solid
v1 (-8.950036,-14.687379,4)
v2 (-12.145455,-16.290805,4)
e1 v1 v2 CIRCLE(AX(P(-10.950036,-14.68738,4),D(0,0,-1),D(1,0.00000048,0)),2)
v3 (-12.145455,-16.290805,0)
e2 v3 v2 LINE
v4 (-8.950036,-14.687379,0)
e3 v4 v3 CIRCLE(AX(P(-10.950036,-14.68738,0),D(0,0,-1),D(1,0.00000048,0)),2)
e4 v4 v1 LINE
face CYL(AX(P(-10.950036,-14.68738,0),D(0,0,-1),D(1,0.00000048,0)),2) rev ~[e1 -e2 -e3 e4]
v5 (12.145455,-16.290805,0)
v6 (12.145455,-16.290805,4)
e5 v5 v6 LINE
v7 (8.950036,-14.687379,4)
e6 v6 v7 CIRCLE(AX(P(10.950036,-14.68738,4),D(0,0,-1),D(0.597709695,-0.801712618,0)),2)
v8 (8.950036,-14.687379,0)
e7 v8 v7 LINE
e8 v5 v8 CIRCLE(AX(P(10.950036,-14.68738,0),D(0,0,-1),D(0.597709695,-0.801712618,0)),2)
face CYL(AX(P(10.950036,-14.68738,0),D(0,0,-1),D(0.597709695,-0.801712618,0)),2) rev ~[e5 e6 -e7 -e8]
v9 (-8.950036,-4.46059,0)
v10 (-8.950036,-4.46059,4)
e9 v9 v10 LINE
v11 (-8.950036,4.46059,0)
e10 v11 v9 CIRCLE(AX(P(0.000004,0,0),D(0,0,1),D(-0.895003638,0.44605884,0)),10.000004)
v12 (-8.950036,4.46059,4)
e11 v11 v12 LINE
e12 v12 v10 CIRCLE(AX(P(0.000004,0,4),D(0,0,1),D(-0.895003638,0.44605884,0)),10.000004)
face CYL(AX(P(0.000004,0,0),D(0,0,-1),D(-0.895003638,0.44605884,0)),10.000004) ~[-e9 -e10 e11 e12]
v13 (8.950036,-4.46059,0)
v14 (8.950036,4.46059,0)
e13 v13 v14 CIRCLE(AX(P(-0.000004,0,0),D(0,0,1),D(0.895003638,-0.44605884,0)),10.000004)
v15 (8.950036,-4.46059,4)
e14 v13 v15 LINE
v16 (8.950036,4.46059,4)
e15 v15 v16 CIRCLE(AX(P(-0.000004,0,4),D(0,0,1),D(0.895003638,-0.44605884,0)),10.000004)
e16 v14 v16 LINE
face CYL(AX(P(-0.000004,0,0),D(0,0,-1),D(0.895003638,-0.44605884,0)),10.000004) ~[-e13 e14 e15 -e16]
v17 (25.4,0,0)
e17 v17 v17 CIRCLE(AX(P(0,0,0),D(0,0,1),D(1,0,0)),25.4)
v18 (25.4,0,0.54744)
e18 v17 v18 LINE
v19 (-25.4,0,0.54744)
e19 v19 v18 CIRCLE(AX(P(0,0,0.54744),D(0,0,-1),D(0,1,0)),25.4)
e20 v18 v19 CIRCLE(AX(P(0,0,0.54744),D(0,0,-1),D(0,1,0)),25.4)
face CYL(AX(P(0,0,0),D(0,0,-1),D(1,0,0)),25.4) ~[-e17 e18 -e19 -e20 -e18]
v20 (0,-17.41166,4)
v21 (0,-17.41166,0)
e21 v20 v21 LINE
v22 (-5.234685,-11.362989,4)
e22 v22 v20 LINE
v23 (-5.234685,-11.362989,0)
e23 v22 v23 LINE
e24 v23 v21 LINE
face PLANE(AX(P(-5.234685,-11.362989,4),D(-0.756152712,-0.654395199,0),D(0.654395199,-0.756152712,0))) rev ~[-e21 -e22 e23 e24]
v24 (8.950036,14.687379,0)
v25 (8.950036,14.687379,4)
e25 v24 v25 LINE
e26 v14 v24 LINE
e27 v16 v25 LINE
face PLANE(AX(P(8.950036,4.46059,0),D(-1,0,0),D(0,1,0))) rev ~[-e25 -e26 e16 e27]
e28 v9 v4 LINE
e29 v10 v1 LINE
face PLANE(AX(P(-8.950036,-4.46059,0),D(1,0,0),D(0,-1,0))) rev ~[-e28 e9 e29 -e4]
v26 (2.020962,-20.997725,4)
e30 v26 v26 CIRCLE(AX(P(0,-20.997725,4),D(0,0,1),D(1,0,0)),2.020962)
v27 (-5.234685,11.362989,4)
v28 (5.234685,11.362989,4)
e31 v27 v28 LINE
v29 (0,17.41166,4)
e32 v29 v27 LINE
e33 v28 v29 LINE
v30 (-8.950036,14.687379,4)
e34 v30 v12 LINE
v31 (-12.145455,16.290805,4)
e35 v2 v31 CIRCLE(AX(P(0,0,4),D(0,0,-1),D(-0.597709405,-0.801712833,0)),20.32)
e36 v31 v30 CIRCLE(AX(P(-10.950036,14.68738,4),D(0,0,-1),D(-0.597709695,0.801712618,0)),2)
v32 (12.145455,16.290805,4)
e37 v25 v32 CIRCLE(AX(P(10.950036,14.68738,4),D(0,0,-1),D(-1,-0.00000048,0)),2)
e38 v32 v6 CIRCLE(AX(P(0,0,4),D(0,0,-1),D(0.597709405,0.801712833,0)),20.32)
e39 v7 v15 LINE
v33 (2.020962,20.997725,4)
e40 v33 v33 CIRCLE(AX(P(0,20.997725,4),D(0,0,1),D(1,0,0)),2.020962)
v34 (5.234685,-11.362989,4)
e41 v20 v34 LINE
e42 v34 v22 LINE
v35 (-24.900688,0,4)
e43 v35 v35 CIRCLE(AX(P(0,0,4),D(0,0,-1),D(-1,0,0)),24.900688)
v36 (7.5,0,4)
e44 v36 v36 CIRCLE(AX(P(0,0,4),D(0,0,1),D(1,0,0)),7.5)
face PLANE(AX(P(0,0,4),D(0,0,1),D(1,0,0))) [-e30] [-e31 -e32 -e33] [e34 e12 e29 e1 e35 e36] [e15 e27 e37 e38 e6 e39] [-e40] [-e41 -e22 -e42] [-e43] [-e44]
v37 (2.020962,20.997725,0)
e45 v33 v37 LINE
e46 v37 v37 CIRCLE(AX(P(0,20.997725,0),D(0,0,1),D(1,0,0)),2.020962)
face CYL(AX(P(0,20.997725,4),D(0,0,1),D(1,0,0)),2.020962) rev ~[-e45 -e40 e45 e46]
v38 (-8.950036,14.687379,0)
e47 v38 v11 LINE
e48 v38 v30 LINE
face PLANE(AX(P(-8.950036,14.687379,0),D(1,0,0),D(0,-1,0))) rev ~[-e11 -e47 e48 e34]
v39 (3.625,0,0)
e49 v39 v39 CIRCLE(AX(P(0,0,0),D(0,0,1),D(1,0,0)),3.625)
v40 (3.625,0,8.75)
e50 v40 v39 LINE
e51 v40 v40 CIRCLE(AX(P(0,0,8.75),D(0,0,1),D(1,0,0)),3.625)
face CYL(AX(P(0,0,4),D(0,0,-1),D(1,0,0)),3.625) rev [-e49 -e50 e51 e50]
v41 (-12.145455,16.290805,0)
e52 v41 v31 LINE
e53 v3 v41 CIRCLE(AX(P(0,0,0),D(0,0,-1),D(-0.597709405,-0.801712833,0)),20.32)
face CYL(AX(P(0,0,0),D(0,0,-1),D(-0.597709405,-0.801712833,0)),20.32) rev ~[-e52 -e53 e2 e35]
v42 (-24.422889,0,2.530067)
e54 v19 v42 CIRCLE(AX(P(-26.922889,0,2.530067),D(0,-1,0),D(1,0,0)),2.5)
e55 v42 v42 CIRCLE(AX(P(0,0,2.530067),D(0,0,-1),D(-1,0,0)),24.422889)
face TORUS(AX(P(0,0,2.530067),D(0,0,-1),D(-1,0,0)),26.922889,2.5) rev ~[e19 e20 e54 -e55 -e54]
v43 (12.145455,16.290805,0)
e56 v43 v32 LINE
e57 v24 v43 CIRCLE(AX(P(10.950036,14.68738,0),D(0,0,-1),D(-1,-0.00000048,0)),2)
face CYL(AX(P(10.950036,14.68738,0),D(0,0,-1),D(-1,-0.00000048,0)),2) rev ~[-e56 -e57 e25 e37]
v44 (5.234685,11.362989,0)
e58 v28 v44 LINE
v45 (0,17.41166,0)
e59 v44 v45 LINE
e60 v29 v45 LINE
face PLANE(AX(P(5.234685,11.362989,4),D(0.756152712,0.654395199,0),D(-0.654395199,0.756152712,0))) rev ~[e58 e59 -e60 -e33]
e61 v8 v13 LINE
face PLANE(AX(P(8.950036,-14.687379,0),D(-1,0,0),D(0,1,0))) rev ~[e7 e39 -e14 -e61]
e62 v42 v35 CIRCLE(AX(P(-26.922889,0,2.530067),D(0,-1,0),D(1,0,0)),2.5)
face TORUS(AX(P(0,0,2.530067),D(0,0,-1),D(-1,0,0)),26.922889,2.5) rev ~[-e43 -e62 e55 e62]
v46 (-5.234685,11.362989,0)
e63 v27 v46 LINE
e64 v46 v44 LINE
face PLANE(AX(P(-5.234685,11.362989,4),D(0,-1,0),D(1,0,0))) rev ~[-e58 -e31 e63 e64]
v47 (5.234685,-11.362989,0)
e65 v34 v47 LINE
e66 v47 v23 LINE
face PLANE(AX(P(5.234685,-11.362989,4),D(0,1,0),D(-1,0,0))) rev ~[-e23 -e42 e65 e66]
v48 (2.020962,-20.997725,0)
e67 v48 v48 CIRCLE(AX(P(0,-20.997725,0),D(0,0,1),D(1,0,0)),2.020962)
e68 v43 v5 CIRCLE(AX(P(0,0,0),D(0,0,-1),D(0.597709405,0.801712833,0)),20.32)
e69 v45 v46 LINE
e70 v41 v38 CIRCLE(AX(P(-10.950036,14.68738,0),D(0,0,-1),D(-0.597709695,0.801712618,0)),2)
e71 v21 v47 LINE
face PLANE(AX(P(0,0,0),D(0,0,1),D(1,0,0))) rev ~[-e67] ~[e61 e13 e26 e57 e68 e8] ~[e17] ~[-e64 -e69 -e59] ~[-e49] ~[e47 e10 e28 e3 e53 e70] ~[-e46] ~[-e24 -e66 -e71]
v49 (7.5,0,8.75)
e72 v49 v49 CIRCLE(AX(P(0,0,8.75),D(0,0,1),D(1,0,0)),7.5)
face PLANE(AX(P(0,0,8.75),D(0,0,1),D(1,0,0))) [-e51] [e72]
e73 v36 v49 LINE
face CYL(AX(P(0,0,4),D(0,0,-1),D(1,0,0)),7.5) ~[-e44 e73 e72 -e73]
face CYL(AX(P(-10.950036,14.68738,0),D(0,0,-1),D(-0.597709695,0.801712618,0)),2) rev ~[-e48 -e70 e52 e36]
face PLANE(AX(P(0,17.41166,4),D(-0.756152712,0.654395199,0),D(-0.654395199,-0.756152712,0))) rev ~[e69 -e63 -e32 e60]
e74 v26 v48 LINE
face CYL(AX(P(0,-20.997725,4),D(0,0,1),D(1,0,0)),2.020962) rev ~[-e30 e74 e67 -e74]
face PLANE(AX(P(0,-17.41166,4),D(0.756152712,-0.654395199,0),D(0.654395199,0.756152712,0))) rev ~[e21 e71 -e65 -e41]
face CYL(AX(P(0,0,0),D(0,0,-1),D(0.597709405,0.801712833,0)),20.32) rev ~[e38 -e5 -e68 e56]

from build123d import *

# Parameters (mm, degrees)
F0_R     = 25.4
F0_R_2   = 3.625
F1_DEPTH = 4
F2_R     = 7.5
F2_R_2   = 3.625
F3_DEPTH = 4.75
F4_R     = 2.020962
F5_DEPTH = 4.001
F6_R     = 2.5


with BuildPart() as f1:
    # F0 (on Top) → F1 (new body)
    with BuildSketch(Plane.XY):
        Circle(F0_R)
        with BuildLine():
            Line((-8.950036, 14.687379), (-8.950036, 4.46059))
            ThreePointArc((-8.950036, 4.46059), (-10, 0), (-8.950036, -4.46059))
            Line((-8.950036, -4.46059), (-8.950036, -14.687379))
            ThreePointArc((-8.950036, -14.687379), (-10.053051, -16.474953), (-12.145455, -16.290805))
            ThreePointArc((-12.145455, -16.290805), (-20.32, 0), (-12.145455, 16.290805))
            ThreePointArc((-12.145455, 16.290805), (-10.053051, 16.474953), (-8.950036, 14.687379))
        make_face(mode=Mode.SUBTRACT)
        Circle(F0_R_2, mode=Mode.SUBTRACT)
        with BuildLine():
            Line((8.950036, 4.46059), (8.950036, 14.687379))
            ThreePointArc((8.950036, 14.687379), (10.053051, 16.474953), (12.145455, 16.290805))
            ThreePointArc((12.145455, 16.290805), (20.32, 0), (12.145455, -16.290805))
            ThreePointArc((12.145455, -16.290805), (10.053051, -16.474953), (8.950036, -14.687379))
            Line((8.950036, -14.687379), (8.950036, -4.46059))
            ThreePointArc((8.950036, -4.46059), (10, 0), (8.950036, 4.46059))
        make_face(mode=Mode.SUBTRACT)
    extrude(amount=F1_DEPTH)

    # F2 (on face) → F3 (join)
    with BuildSketch(Plane.XY.offset(4)):
        Circle(F2_R)
        Circle(F2_R_2, mode=Mode.SUBTRACT)
    extrude(amount=F3_DEPTH)

    # F4 (on face) → F5 (cut, through all)
    with BuildSketch(Plane.XY.offset(4)):
        Polygon((-5.234685, 11.362989), (0, 11.362989), (0, 17.41166), align=None)
        Polygon((0, 17.41166), (0, 11.362989), (5.234685, 11.362989), align=None)
        Polygon((0, -11.362989), (-5.234685, -11.362989), (0, -17.41166), (5.234685, -11.362989), align=None)
        with Locations((0, 20.997725)):
            Circle(F4_R)
        with Locations((0, -20.997725)):
            Circle(F4_R)
    extrude(amount=-F5_DEPTH, mode=Mode.SUBTRACT)

    # F6 (on Front) → F7 (revolve, cut)
    with BuildSketch(Plane.XZ):
        with Locations((-26.922889, 2.530067)):
            Circle(F6_R)
    revolve(axis=Axis((0, 0, 7.021954), (0, 0, -1)), mode=Mode.SUBTRACT)


solid = f1.part
